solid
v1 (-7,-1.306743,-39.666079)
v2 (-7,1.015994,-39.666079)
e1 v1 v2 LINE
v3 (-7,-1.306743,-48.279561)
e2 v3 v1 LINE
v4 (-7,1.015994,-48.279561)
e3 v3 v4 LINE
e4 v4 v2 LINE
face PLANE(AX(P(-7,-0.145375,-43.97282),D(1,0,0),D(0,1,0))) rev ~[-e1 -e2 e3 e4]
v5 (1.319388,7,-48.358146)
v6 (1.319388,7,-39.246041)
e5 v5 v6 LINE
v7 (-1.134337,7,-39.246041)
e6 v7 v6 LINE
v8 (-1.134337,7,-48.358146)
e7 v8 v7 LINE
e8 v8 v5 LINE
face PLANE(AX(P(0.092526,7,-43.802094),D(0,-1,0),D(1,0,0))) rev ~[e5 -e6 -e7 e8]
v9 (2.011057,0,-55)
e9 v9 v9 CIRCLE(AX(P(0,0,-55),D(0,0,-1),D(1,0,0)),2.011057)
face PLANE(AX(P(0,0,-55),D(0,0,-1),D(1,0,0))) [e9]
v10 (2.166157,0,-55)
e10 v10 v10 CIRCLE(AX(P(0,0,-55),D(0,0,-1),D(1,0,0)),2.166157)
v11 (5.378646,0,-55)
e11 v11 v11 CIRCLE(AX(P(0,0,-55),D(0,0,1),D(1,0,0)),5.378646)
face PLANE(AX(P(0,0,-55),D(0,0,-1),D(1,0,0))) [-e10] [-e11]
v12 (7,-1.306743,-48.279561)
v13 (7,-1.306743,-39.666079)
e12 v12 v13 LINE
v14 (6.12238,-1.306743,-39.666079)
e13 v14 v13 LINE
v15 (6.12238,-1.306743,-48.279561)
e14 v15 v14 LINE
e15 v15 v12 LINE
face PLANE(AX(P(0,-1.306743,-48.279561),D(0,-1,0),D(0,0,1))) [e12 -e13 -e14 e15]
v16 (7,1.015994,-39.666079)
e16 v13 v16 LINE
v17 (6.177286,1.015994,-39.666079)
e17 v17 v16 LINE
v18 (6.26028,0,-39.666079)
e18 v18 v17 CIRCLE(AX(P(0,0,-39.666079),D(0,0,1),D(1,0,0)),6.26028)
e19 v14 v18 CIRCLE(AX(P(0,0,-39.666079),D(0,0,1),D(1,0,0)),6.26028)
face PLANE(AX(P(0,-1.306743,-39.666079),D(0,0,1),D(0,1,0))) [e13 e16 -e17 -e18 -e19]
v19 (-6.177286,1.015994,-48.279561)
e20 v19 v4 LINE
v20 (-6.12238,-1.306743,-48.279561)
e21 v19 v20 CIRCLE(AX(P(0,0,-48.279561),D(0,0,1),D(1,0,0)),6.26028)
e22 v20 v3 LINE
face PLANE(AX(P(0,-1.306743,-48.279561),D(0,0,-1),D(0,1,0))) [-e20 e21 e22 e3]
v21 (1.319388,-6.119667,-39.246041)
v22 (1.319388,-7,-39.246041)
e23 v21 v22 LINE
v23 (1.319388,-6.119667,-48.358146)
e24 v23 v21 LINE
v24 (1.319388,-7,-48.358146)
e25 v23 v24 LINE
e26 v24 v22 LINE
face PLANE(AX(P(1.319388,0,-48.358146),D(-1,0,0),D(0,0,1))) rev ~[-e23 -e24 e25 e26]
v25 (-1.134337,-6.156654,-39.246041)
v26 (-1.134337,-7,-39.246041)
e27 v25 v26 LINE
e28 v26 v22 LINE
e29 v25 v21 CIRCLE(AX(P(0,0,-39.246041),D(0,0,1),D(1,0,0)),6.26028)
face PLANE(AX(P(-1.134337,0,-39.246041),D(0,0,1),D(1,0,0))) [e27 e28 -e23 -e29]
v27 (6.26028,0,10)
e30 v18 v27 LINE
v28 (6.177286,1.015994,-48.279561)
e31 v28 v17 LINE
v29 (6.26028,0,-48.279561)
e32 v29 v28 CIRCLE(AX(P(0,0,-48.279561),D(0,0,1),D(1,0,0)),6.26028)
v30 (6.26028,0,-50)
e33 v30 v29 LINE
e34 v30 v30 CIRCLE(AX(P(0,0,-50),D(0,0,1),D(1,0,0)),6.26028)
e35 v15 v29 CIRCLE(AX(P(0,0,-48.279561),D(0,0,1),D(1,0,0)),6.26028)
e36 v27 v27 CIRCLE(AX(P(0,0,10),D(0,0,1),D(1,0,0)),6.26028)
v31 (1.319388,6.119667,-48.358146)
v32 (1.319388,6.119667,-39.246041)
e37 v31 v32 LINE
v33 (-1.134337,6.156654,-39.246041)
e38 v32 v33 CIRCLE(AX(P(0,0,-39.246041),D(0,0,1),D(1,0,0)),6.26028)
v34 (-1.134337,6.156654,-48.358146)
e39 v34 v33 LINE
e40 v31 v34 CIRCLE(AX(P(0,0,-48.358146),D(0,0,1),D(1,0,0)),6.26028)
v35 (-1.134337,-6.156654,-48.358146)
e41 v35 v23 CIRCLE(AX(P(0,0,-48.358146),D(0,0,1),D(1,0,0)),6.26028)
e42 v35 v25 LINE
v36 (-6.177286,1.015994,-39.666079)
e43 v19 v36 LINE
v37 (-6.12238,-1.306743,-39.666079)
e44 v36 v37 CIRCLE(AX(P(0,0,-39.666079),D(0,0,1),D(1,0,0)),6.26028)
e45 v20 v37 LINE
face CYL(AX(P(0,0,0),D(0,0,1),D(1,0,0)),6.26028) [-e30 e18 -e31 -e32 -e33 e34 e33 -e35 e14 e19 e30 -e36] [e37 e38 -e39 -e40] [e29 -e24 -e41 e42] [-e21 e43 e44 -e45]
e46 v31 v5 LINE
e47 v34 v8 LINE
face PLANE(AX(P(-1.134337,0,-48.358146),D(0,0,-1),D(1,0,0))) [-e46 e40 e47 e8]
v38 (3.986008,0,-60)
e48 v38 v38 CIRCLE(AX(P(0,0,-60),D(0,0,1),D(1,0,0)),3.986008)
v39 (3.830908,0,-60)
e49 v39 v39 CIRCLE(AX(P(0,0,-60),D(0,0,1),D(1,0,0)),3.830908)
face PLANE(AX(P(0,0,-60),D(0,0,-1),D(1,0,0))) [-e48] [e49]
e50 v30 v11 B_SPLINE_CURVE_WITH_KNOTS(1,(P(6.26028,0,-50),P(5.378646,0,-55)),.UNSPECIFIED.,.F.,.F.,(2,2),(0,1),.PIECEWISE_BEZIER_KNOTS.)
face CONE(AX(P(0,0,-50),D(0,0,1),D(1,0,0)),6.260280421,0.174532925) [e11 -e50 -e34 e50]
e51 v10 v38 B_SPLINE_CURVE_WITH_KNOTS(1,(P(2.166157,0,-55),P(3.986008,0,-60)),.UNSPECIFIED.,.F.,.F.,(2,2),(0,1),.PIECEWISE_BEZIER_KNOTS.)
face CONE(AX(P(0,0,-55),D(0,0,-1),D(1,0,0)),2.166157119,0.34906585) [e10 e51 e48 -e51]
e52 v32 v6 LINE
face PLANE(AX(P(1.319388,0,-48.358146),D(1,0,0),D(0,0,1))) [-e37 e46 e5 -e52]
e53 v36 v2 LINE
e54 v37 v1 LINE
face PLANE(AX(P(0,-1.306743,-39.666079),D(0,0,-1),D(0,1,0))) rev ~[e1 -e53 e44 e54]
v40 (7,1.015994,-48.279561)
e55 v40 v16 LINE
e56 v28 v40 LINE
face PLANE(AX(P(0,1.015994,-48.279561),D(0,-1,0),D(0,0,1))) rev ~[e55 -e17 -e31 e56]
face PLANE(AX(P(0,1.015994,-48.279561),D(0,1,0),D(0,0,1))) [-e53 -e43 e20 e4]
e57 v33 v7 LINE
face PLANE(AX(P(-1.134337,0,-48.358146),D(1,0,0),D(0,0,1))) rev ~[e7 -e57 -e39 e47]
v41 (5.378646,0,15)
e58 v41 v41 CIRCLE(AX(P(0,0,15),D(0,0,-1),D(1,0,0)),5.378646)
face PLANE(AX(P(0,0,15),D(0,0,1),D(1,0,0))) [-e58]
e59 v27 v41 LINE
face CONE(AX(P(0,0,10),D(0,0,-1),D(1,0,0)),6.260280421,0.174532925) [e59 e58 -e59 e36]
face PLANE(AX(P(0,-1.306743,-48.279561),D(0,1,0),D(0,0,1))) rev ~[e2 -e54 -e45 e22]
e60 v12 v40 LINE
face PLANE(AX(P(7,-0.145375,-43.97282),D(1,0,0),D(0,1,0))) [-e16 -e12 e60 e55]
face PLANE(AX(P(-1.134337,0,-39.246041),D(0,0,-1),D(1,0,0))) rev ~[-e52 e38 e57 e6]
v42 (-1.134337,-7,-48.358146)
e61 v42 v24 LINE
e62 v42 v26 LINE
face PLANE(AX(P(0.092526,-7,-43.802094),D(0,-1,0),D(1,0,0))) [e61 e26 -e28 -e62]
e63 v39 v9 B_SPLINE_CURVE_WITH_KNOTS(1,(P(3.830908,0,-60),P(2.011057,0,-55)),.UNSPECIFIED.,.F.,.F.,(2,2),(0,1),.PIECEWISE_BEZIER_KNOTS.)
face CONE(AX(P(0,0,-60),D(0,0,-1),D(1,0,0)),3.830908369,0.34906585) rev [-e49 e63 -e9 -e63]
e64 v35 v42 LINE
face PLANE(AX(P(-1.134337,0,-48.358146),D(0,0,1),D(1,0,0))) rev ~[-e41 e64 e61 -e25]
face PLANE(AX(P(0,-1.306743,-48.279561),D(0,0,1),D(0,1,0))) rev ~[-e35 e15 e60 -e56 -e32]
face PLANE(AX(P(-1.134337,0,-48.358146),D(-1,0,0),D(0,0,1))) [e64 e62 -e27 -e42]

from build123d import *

# Parameters (mm, degrees)
F0_R           = 6.260280421
F1_DEPTH       = 10
F1_DEPTH_BACK  = 50
F1_FACE_R      = 6.260280421
F2_DEPTH       = 5
F2_TAPER       = 10
F1_FACE1_R     = 6.260280421
F3_DEPTH       = 5
F3_TAPER       = 10
F4_R           = 2.1661571195
F5_DEPTH       = 5
F5_TAPER       = -20
F6_R           = 3.8309083686
F7_DEPTH       = 5
F7_TAPER       = 20
F8_W           = 2.4537248537
F8_H           = 9.1121047735
F9_DEPTH       = 7
F9_DEPTH_BACK  = 7
F10_W          = 2.3227367783
F10_H          = 8.6134821177
F11_DEPTH      = 7
F11_DEPTH_BACK = 7


with BuildPart() as f1:
    # F0 (on Top) → F1 (new body, two sides)
    with BuildSketch(Plane.XY) as f1_sk:
        Circle(F0_R)
    extrude(amount=F1_DEPTH)
    extrude(f1_sk.sketch, amount=-F1_DEPTH_BACK)

    # F1_face (on face) → F2 (join)
    with BuildSketch(Plane.XY.offset(10)):
        Circle(F1_FACE_R)
    extrude(amount=F2_DEPTH, taper=F2_TAPER)

    # F1_face1 (on face) → F3 (join)
    with BuildSketch(Plane(origin=(0, 0, -50), x_dir=(1, 0, 0), z_dir=(0, 0, -1))):
        Circle(F1_FACE1_R)
    extrude(amount=F3_DEPTH, taper=F3_TAPER)

    # F4 (on face) → F5 (join)
    with BuildSketch(Plane(origin=(0, 0, -55), x_dir=(1, 0, 0), z_dir=(0, 0, -1))):
        Circle(F4_R)
    extrude(amount=F5_DEPTH, taper=F5_TAPER)

    # F6 (on face) → F7 (cut)
    with BuildSketch(Plane(origin=(0, 0, -60), x_dir=(1, 0, 0), z_dir=(0, 0, -1))):
        Circle(F6_R)
    extrude(amount=-F7_DEPTH, taper=F7_TAPER, mode=Mode.SUBTRACT)

    # F8 (on Front) → F9 (join, two sides)
    with BuildSketch(Plane.XZ) as f9_sk:
        with Locations((0.0925256172, -43.8020937145)):
            Rectangle(F8_W, F8_H)
    extrude(amount=F9_DEPTH)
    extrude(f9_sk.sketch, amount=-F9_DEPTH_BACK)

    # F10 (on Right) → F11 (join, two sides)
    with BuildSketch(Plane.YZ) as f11_sk:
        with Locations((-0.1453745062, -43.9728200436)):
            Rectangle(F10_W, F10_H)
    extrude(amount=F11_DEPTH)
    extrude(f11_sk.sketch, amount=-F11_DEPTH_BACK)


solid = f1.part
